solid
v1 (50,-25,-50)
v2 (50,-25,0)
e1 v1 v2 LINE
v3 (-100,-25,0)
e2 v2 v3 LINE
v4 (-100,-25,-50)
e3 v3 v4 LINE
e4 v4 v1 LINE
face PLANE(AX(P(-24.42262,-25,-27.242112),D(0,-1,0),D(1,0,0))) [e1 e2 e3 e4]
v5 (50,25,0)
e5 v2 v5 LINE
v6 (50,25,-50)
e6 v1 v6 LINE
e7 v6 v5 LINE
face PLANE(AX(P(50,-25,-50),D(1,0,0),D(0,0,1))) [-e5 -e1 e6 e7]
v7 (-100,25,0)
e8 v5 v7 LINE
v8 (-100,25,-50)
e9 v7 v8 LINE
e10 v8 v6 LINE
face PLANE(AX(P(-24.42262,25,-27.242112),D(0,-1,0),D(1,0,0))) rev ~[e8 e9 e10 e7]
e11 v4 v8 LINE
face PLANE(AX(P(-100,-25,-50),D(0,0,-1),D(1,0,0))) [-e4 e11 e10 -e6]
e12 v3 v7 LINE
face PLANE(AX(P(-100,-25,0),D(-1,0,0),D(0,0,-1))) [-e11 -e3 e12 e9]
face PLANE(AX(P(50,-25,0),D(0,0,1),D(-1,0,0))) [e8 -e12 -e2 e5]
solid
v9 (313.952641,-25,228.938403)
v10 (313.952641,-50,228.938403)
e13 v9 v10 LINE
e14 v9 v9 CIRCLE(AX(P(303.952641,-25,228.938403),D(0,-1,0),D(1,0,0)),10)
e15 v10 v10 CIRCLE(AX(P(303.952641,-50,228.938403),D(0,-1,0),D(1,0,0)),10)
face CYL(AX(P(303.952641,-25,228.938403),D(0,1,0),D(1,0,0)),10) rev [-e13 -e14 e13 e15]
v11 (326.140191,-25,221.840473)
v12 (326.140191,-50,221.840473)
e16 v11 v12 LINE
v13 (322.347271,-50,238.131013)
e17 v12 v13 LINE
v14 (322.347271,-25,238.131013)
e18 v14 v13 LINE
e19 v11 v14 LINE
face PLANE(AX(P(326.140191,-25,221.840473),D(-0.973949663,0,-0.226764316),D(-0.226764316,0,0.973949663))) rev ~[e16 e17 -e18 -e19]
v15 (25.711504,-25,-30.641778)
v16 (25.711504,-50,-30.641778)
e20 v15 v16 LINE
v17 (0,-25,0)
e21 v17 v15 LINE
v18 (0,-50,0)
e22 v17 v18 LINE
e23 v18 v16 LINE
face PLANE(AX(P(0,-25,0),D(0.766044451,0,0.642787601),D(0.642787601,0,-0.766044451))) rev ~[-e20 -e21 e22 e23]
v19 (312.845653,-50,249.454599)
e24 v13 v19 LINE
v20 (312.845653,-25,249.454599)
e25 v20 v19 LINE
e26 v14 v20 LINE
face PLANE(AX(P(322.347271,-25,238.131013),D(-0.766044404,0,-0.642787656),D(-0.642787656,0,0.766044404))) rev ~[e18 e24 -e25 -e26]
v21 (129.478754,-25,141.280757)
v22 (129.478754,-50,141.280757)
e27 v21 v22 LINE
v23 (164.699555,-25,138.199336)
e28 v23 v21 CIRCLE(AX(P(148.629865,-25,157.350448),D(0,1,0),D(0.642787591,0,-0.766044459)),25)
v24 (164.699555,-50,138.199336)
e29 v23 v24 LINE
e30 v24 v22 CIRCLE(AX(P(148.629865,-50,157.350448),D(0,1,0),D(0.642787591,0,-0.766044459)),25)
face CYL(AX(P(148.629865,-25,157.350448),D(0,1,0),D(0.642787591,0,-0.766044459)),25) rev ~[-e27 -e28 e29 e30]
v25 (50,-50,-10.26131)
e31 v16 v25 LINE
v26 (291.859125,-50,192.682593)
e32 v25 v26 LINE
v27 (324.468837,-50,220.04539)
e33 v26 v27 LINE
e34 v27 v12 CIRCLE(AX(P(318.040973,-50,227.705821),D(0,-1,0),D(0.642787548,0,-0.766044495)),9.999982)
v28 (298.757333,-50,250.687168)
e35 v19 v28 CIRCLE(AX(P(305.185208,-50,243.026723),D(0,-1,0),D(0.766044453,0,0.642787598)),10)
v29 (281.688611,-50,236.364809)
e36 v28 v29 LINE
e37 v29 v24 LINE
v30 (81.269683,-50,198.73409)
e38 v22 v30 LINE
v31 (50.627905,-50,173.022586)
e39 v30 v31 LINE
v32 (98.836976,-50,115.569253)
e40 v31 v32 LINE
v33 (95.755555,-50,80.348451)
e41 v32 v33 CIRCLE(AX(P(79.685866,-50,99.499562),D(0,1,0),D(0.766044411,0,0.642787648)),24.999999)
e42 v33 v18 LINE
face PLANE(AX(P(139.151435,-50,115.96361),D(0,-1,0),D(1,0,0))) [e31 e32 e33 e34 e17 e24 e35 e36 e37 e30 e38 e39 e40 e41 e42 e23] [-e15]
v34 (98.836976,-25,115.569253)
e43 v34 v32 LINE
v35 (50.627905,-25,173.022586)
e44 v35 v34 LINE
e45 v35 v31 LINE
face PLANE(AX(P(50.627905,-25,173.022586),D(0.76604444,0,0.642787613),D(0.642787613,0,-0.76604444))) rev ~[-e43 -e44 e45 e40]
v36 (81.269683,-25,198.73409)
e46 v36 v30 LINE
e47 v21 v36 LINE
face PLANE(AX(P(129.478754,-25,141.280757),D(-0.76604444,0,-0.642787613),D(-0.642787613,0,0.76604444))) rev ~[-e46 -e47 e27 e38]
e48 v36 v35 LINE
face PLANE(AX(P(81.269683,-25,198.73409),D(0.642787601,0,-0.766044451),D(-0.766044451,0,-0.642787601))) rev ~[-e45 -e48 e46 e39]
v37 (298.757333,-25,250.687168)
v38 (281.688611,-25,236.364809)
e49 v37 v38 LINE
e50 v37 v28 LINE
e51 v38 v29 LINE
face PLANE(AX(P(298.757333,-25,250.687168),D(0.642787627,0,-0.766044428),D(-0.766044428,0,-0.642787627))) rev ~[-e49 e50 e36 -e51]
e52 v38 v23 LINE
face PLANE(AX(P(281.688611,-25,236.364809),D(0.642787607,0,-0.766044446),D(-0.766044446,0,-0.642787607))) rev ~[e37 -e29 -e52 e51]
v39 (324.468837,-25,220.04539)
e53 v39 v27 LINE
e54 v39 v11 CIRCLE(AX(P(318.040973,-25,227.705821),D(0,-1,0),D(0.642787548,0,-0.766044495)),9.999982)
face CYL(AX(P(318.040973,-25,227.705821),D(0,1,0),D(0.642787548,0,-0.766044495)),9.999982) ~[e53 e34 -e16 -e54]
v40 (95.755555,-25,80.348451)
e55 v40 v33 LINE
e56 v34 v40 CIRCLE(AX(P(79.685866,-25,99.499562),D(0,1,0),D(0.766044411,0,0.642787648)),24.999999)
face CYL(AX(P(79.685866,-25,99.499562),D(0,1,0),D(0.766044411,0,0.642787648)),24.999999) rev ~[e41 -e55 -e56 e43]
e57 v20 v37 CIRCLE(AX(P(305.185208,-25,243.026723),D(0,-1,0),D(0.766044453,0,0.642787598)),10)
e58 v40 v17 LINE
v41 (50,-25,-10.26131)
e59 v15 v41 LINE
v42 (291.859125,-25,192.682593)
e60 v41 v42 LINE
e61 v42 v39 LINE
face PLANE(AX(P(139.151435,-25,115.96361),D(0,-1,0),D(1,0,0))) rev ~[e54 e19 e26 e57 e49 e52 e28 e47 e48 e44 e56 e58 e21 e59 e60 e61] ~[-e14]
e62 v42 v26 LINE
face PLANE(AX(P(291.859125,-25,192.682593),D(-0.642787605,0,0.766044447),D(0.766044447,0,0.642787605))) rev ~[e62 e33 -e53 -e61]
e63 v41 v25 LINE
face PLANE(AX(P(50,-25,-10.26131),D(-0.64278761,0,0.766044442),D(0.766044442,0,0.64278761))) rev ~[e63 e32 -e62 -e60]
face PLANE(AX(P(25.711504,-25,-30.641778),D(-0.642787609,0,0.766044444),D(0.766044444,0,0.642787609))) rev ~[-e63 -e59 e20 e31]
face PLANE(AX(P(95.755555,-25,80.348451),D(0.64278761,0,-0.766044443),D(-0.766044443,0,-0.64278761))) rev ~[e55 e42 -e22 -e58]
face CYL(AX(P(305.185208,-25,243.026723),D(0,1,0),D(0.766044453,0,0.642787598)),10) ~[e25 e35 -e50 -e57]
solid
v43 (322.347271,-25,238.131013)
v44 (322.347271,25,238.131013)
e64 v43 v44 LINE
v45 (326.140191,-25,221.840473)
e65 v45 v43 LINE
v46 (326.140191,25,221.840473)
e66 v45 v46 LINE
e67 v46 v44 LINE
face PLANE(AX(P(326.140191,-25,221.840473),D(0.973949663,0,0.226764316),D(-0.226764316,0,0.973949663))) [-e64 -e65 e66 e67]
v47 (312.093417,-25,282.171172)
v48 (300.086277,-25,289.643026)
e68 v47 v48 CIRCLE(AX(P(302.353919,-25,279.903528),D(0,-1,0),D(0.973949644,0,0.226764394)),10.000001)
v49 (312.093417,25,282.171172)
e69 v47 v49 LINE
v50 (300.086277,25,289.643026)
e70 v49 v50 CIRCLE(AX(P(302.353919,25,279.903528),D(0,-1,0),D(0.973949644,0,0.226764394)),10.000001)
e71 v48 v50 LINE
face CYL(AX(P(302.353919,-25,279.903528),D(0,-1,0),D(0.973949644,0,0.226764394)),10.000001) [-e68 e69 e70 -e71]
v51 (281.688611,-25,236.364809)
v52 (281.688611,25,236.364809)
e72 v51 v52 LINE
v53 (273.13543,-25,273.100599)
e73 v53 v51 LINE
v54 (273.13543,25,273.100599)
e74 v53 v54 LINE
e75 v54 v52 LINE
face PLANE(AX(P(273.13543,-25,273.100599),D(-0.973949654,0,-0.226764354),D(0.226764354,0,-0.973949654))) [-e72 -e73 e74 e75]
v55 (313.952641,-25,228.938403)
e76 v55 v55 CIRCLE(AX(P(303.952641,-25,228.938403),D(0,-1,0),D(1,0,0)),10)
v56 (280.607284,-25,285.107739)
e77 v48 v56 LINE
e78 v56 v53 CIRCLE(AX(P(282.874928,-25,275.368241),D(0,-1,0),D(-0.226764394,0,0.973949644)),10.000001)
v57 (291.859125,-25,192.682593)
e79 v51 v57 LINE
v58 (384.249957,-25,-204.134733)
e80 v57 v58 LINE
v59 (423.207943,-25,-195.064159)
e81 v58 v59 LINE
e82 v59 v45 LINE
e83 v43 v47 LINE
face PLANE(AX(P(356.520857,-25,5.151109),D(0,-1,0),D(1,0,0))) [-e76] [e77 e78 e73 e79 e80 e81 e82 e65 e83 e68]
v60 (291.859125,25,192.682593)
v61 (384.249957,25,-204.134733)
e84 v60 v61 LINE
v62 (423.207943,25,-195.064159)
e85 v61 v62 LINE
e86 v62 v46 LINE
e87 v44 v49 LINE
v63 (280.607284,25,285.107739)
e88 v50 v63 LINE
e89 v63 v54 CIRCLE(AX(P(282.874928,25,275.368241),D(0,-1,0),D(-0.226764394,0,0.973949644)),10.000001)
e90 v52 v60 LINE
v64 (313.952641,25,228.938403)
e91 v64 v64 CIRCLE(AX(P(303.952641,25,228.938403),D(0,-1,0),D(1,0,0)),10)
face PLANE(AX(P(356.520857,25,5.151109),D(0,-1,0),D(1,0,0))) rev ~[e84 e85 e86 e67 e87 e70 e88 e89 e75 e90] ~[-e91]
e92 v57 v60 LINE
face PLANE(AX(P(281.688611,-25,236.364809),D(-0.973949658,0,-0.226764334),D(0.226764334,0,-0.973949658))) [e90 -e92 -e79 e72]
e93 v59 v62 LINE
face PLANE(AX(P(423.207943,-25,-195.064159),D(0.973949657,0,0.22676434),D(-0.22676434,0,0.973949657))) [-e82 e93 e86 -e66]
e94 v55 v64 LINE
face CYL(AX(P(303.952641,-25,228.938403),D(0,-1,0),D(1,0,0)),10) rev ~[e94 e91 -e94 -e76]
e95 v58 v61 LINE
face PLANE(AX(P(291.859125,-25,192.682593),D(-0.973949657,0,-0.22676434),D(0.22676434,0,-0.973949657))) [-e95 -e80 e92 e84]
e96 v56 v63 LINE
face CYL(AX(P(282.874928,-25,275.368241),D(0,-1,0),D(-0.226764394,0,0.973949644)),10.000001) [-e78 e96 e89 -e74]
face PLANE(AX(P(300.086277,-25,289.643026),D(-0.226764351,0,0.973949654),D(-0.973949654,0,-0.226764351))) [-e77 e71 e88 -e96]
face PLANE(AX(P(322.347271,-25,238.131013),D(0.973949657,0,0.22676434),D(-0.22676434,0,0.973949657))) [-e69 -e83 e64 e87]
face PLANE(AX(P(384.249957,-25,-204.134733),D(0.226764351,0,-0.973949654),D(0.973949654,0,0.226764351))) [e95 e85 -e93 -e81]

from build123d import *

# Parameters (mm, degrees)
F1_R     = 10
F2_DEPTH = 50
F3_DEPTH = 25


with BuildPart() as f2:
    # F1 (on offset) → F2 (new body)
    with BuildSketch(Plane.XZ.offset(25)):
        Polygon((-100, 0), (-100, -50), (50, -50), (50, -10.26131), (25.711504, -30.641778), (0, 0), align=None)
        Polygon((25.711504, -30.641778), (50, -10.26131), (50, 0), (0, 0), align=None)
        with BuildLine():
            Line((324.468837, 220.04539), (291.859125, 192.682593))
            Line((291.859125, 192.682593), (384.249957, -204.134733))
            Line((384.249957, -204.134733), (423.207943, -195.064159))
            Line((423.207943, -195.064159), (326.140191, 221.840473))
            ThreePointArc((326.140191, 221.840473), (325.359758, 220.891496), (324.468837, 220.04539))
        make_face()
        with BuildLine():
            Line((281.688611, 236.364809), (291.859125, 192.682593))
            Line((291.859125, 192.682593), (324.468837, 220.04539))
            ThreePointArc((324.468837, 220.04539), (325.359758, 220.891496), (326.140191, 221.840473))
            Line((326.140191, 221.840473), (322.347271, 238.131013))
            Line((322.347271, 238.131013), (312.845653, 249.454599))
            ThreePointArc((312.845653, 249.454599), (306.056766, 252.98867), (298.757333, 250.687168))
            Line((298.757333, 250.687168), (281.688611, 236.364809))
        make_face()
        with Locations((303.952641, 228.938403)):
            Circle(F1_R, mode=Mode.SUBTRACT)
        with BuildLine():
            Line((273.13543, 273.100599), (281.688611, 236.364809))
            Line((281.688611, 236.364809), (298.757333, 250.687168))
            ThreePointArc((298.757333, 250.687168), (306.056766, 252.98867), (312.845653, 249.454599))
            Line((312.845653, 249.454599), (322.347271, 238.131013))
            Line((322.347271, 238.131013), (312.093417, 282.171172))
            ThreePointArc((312.093417, 282.171172), (307.637318, 288.393859), (300.086277, 289.643026))
            Line((300.086277, 289.643026), (280.607284, 285.107739))
            ThreePointArc((280.607284, 285.107739), (274.384597, 280.65164), (273.13543, 273.100599))
        make_face()
    extrude(amount=-F2_DEPTH)


with BuildPart() as f3:
    # F1 (on offset) → F3 (new body)
    with BuildSketch(Plane.XZ.offset(25)):
        with BuildLine():
            Line((50, 0), (50, -10.26131))
            Line((50, -10.26131), (291.859125, 192.682593))
            Line((291.859125, 192.682593), (281.688611, 236.364809))
            Line((281.688611, 236.364809), (164.699555, 138.199336))
            ThreePointArc((164.699555, 138.199336), (146.450971, 132.44558), (129.478754, 141.280757))
            Line((129.478754, 141.280757), (81.269683, 198.73409))
            Line((81.269683, 198.73409), (50.627905, 173.022586))
            Line((50.627905, 173.022586), (98.836976, 115.569253))
            ThreePointArc((98.836976, 115.569253), (104.590733, 97.320669), (95.755555, 80.348451))
            Line((95.755555, 80.348451), (0, 0))
            Line((0, 0), (50, 0))
        make_face()
        with BuildLine():
            Line((281.688611, 236.364809), (291.859125, 192.682593))
            Line((291.859125, 192.682593), (324.468837, 220.04539))
            ThreePointArc((324.468837, 220.04539), (325.359758, 220.891496), (326.140191, 221.840473))
            Line((326.140191, 221.840473), (322.347271, 238.131013))
            Line((322.347271, 238.131013), (312.845653, 249.454599))
            ThreePointArc((312.845653, 249.454599), (306.056766, 252.98867), (298.757333, 250.687168))
            Line((298.757333, 250.687168), (281.688611, 236.364809))
        make_face()
        with Locations((303.952641, 228.938403)):
            Circle(F1_R, mode=Mode.SUBTRACT)
        Polygon((25.711504, -30.641778), (50, -10.26131), (50, 0), (0, 0), align=None)
    extrude(amount=F3_DEPTH)


solid = Compound([f2.part, f3.part])
